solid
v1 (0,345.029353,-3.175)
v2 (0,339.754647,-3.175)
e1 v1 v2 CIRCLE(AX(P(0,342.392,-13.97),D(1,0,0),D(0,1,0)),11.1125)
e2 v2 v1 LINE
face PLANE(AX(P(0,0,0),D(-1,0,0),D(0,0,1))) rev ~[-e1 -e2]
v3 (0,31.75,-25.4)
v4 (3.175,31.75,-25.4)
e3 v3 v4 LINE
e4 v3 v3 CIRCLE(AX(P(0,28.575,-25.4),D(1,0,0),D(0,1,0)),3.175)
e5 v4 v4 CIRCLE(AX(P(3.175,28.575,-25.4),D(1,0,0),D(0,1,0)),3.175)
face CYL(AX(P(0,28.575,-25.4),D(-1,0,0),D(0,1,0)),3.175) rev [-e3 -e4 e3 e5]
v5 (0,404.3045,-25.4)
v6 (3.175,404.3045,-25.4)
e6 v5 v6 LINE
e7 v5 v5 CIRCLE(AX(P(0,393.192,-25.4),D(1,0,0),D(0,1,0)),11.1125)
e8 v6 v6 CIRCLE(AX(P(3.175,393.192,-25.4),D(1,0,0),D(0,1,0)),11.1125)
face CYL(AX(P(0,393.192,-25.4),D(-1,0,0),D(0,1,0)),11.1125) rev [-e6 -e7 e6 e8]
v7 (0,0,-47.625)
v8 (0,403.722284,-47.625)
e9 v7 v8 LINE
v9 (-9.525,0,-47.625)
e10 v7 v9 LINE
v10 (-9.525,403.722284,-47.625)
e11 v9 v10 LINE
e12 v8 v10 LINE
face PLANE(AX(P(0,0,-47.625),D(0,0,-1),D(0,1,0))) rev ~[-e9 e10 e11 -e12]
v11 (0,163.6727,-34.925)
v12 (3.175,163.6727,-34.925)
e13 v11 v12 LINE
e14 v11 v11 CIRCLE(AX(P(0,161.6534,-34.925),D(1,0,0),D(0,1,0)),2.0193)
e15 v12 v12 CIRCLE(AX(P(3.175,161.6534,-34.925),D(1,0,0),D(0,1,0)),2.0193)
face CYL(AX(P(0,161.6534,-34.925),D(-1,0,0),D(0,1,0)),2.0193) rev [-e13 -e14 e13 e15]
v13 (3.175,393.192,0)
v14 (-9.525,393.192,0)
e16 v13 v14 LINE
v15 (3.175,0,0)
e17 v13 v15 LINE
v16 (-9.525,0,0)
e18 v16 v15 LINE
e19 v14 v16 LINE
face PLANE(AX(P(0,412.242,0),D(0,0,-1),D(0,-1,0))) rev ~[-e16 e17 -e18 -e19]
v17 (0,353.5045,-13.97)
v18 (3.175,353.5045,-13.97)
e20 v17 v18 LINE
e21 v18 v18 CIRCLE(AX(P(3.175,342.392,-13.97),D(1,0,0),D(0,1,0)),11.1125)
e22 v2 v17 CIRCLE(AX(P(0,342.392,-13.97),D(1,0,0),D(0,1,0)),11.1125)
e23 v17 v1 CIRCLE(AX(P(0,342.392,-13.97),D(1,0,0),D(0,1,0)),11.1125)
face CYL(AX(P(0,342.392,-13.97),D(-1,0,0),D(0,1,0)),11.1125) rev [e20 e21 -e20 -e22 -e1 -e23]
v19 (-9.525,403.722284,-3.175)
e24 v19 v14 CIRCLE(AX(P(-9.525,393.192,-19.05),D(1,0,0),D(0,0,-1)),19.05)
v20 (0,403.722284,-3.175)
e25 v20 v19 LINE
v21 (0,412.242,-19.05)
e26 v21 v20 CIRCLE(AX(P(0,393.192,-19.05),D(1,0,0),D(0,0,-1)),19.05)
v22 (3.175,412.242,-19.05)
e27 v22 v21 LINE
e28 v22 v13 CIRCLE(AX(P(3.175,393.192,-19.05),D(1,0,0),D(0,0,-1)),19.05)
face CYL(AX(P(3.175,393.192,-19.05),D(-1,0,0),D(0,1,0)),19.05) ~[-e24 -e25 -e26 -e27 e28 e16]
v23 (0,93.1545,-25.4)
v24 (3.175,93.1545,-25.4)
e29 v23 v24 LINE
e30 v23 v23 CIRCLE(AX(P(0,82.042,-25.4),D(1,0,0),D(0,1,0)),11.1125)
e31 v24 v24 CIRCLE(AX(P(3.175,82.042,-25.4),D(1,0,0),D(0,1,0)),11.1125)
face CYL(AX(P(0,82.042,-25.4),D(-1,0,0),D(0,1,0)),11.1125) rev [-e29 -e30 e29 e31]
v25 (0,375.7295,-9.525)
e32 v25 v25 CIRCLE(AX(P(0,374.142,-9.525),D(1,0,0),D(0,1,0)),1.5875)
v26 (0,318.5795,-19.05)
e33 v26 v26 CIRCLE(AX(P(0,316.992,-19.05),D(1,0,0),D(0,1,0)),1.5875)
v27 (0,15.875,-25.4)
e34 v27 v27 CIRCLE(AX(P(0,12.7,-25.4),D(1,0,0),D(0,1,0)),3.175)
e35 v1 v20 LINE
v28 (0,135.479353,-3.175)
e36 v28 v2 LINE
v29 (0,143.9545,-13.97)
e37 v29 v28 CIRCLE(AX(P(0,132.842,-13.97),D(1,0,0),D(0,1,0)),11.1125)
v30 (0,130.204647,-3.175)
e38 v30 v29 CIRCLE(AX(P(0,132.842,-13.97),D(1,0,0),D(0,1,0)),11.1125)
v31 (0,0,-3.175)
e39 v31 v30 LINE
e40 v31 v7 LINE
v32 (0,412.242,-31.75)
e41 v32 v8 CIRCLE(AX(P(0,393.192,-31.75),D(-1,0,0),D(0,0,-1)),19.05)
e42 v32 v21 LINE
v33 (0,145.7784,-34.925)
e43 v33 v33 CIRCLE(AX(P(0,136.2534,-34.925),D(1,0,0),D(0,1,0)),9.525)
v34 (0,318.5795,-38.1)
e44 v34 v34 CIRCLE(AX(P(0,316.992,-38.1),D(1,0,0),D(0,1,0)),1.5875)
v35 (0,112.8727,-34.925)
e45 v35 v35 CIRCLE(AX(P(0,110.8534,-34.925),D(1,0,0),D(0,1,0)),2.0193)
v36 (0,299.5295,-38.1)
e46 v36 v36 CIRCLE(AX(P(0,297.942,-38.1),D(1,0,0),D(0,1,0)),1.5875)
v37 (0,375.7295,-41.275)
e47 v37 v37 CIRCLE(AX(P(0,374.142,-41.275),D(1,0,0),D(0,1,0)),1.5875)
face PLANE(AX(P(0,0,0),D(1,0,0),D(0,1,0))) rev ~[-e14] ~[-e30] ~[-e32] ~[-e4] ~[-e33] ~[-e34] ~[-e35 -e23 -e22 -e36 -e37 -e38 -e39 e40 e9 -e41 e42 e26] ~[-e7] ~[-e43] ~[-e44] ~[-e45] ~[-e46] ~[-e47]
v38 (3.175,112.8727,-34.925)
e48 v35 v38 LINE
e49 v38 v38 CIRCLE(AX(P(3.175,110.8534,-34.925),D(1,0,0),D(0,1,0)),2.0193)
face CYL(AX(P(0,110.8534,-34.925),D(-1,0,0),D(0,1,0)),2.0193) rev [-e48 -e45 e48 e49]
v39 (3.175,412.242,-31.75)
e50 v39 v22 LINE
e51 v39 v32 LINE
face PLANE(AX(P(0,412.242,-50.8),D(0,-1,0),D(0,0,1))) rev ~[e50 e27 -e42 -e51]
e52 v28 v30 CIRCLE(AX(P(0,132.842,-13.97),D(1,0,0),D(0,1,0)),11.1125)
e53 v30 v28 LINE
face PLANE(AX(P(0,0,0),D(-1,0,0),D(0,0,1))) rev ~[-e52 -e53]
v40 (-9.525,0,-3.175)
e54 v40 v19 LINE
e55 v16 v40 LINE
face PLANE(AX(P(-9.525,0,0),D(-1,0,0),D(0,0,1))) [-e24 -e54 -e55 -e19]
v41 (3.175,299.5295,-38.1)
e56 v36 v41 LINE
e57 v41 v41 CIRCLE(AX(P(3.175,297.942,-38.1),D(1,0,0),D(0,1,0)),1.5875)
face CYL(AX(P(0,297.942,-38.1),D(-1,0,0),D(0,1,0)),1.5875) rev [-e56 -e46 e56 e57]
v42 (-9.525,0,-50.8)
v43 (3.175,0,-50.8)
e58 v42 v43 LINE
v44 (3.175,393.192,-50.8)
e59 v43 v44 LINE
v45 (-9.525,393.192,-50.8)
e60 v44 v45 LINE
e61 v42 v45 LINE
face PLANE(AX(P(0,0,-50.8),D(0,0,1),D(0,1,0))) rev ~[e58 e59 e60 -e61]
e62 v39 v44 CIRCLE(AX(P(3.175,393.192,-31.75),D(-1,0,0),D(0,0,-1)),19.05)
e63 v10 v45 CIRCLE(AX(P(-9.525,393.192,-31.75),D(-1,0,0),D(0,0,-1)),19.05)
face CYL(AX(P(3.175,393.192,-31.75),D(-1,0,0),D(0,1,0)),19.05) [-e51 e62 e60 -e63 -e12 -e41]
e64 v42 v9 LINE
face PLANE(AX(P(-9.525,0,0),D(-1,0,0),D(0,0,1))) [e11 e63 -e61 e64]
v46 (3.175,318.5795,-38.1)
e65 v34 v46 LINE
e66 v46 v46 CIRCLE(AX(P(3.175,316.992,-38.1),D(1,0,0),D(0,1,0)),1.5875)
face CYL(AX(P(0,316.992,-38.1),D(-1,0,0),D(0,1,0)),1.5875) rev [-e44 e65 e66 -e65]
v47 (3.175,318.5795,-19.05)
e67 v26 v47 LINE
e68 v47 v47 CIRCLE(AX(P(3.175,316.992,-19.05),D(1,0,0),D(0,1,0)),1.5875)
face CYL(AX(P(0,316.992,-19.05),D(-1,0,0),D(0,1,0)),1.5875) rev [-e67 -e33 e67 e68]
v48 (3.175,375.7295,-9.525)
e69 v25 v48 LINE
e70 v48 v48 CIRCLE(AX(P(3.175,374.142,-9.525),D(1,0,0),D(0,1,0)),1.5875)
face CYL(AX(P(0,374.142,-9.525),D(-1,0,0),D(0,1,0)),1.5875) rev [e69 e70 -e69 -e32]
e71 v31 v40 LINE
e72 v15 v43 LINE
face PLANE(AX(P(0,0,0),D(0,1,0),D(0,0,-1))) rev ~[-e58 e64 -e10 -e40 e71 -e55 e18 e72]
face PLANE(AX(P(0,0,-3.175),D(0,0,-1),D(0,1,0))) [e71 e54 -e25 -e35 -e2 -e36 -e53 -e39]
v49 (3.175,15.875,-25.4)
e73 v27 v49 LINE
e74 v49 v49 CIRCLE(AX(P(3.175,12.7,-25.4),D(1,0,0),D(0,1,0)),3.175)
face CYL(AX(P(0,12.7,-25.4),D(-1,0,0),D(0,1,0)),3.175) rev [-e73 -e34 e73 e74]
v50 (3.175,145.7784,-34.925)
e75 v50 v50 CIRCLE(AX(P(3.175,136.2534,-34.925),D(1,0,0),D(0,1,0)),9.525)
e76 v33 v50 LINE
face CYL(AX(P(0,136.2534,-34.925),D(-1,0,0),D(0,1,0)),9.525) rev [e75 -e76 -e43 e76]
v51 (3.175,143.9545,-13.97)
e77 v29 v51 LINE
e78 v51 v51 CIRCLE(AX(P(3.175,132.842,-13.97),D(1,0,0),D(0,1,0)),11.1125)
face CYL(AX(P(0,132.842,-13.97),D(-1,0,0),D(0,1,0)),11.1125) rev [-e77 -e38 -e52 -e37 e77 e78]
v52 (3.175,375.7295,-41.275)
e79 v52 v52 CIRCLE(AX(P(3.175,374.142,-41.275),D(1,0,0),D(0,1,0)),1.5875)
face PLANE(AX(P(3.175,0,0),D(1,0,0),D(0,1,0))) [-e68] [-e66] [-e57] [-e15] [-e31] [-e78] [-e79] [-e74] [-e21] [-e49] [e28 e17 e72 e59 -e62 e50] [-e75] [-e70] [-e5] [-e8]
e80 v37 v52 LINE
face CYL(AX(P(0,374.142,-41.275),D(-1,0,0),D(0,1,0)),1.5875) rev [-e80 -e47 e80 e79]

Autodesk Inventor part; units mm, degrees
ref_plane "YZ Plane" through (0, 0, 0) normal (1, 0, 0) x (0, 1, 0)
ref_plane "XZ Plane" through (0, 0, 0) normal (0, 1, 0) x (-1, 0, 0)
ref_plane "XY Plane" through (0, 0, 0) normal (0, 0, 1) x (1, 0, 0)
sketch "Sketch1" plane through (0, 0, 0) normal (1, 0, 0) x (0, 1, 0)
  line L0 (0, 0) -> (0, -50.8)
  line L1 (0, -50.8) -> (412.242, -50.8)
  line L2 (412.242, -50.8) -> (412.242, 0)
  line L3 (412.242, 0) -> (0, 0)
  line L4 (412.242, -25.4) -> (0, -25.4) construction
  circle A0 centre (82.042, -25.4) radius 11.1125
  circle A1 centre (393.192, -25.4) radius 11.1125
  line L5 (0, -13.97) -> (412.242, -13.97) construction
  circle A2 centre (132.842, -13.97) radius 11.1125
  circle A3 centre (342.392, -13.97) radius 11.1125
  line L6 (132.842, -13.97) -> (132.842, -36.83) construction
  line L7 (342.392, -13.97) -> (342.392, -36.83) construction
  line L8 (132.842, -36.83) -> (342.392, -36.83) construction
  circle A4 centre (110.8534, -34.925) radius 2.0193
  circle A5 centre (161.6534, -34.925) radius 2.0193
  line L9 (161.6534, -34.925) -> (110.8534, -34.925) construction
  circle A6 centre (136.2534, -34.925) radius 9.525
  circle A7 centre (132.842, -13.97) radius 12.3825 construction
  line L10 (374.142, -9.525) -> (374.142, -41.275) construction
  circle A8 centre (374.142, -41.275) radius 1.5875
  circle A9 centre (374.142, -9.525) radius 1.5875
  circle A10 centre (12.7, -25.4) radius 3.175
  circle A11 centre (28.575, -25.4) radius 3.175
  line L11 (316.992, 0) -> (316.992, -50.8) construction
  line L12 (316.992, -38.1) -> (297.942, -38.1) construction
  circle A12 centre (316.992, -38.1) radius 1.5875
  circle A13 centre (297.942, -38.1) radius 1.5875
  circle A14 centre (316.992, -19.05) radius 1.5875
  point P0 (374.142, -25.4)
  dimension "d0" = 50.8
  dimension "d3" = 22.225
  dimension "d4" = 311.15
  dimension "d5" = 19.05
  dimension "d12" = 82.042
  dimension "d18" = 11.43
  dimension "d19" = 50.8
  dimension "d20" = 50.8
  dimension "d21" = 50.8
  dimension "d22" = 19.05
  dimension "d23" = 15.875
  dimension "d25" = 4.0386
  dimension "d27" = 55.0418
  dimension "d32" = 24.765
  dimension "d34" = 3.175
  dimension "d35" = 31.75
  dimension "d36" = 19.05
  dimension "d37" = 6.35
  dimension "d38" = 12.7
  dimension "d39" = 15.875
  dimension "d40" = 19.05
  dimension "d41" = 6.35
  dimension "d42" = 19.05
  dimension "d43" = 234.95
extrude "Extrusion1" add sketch "Sketch1" along normal blind 3.175
sketch "Sketch2" plane through (0, 0, 0) normal (-1, 0, 0) x (0, 0, 1)
  line L0 (0, 412.242) -> (0, 0) projected
  line L1 (-50.8, 412.242) -> (0, 412.242) construction
  line L2 (0, 0) -> (-3.175, 0)
  line L3 (-3.175, 0) -> (-3.175, 412.242)
  line L4 (-3.175, 412.242) -> (0, 412.242)
  line L5 (0, 412.242) -> (0, 0)
  line L6 (-50.8, 0) -> (-50.8, 412.242) projected
  line L7 (-50.8, 0) -> (-47.625, 0)
  line L8 (-47.625, 0) -> (-47.625, 412.242)
  line L9 (-47.625, 412.242) -> (-50.8, 412.242)
  line L10 (-50.8, 412.242) -> (-50.8, 0)
  dimension "d13" = 3.175
  dimension "d14" = 3.175
extrude "Extrusion2" add sketch "Sketch2" along normal blind 9.525
fillet "Fillet2" radius 19.05 2 edges at (-3.175, 412.242, 0) (-3.175, 412.242, -50.8)
equation "\"d20\" = d19"
equation "\"d42\" = d40"
equation "\"d14\" = d13"
properties part number "Front Plate"
